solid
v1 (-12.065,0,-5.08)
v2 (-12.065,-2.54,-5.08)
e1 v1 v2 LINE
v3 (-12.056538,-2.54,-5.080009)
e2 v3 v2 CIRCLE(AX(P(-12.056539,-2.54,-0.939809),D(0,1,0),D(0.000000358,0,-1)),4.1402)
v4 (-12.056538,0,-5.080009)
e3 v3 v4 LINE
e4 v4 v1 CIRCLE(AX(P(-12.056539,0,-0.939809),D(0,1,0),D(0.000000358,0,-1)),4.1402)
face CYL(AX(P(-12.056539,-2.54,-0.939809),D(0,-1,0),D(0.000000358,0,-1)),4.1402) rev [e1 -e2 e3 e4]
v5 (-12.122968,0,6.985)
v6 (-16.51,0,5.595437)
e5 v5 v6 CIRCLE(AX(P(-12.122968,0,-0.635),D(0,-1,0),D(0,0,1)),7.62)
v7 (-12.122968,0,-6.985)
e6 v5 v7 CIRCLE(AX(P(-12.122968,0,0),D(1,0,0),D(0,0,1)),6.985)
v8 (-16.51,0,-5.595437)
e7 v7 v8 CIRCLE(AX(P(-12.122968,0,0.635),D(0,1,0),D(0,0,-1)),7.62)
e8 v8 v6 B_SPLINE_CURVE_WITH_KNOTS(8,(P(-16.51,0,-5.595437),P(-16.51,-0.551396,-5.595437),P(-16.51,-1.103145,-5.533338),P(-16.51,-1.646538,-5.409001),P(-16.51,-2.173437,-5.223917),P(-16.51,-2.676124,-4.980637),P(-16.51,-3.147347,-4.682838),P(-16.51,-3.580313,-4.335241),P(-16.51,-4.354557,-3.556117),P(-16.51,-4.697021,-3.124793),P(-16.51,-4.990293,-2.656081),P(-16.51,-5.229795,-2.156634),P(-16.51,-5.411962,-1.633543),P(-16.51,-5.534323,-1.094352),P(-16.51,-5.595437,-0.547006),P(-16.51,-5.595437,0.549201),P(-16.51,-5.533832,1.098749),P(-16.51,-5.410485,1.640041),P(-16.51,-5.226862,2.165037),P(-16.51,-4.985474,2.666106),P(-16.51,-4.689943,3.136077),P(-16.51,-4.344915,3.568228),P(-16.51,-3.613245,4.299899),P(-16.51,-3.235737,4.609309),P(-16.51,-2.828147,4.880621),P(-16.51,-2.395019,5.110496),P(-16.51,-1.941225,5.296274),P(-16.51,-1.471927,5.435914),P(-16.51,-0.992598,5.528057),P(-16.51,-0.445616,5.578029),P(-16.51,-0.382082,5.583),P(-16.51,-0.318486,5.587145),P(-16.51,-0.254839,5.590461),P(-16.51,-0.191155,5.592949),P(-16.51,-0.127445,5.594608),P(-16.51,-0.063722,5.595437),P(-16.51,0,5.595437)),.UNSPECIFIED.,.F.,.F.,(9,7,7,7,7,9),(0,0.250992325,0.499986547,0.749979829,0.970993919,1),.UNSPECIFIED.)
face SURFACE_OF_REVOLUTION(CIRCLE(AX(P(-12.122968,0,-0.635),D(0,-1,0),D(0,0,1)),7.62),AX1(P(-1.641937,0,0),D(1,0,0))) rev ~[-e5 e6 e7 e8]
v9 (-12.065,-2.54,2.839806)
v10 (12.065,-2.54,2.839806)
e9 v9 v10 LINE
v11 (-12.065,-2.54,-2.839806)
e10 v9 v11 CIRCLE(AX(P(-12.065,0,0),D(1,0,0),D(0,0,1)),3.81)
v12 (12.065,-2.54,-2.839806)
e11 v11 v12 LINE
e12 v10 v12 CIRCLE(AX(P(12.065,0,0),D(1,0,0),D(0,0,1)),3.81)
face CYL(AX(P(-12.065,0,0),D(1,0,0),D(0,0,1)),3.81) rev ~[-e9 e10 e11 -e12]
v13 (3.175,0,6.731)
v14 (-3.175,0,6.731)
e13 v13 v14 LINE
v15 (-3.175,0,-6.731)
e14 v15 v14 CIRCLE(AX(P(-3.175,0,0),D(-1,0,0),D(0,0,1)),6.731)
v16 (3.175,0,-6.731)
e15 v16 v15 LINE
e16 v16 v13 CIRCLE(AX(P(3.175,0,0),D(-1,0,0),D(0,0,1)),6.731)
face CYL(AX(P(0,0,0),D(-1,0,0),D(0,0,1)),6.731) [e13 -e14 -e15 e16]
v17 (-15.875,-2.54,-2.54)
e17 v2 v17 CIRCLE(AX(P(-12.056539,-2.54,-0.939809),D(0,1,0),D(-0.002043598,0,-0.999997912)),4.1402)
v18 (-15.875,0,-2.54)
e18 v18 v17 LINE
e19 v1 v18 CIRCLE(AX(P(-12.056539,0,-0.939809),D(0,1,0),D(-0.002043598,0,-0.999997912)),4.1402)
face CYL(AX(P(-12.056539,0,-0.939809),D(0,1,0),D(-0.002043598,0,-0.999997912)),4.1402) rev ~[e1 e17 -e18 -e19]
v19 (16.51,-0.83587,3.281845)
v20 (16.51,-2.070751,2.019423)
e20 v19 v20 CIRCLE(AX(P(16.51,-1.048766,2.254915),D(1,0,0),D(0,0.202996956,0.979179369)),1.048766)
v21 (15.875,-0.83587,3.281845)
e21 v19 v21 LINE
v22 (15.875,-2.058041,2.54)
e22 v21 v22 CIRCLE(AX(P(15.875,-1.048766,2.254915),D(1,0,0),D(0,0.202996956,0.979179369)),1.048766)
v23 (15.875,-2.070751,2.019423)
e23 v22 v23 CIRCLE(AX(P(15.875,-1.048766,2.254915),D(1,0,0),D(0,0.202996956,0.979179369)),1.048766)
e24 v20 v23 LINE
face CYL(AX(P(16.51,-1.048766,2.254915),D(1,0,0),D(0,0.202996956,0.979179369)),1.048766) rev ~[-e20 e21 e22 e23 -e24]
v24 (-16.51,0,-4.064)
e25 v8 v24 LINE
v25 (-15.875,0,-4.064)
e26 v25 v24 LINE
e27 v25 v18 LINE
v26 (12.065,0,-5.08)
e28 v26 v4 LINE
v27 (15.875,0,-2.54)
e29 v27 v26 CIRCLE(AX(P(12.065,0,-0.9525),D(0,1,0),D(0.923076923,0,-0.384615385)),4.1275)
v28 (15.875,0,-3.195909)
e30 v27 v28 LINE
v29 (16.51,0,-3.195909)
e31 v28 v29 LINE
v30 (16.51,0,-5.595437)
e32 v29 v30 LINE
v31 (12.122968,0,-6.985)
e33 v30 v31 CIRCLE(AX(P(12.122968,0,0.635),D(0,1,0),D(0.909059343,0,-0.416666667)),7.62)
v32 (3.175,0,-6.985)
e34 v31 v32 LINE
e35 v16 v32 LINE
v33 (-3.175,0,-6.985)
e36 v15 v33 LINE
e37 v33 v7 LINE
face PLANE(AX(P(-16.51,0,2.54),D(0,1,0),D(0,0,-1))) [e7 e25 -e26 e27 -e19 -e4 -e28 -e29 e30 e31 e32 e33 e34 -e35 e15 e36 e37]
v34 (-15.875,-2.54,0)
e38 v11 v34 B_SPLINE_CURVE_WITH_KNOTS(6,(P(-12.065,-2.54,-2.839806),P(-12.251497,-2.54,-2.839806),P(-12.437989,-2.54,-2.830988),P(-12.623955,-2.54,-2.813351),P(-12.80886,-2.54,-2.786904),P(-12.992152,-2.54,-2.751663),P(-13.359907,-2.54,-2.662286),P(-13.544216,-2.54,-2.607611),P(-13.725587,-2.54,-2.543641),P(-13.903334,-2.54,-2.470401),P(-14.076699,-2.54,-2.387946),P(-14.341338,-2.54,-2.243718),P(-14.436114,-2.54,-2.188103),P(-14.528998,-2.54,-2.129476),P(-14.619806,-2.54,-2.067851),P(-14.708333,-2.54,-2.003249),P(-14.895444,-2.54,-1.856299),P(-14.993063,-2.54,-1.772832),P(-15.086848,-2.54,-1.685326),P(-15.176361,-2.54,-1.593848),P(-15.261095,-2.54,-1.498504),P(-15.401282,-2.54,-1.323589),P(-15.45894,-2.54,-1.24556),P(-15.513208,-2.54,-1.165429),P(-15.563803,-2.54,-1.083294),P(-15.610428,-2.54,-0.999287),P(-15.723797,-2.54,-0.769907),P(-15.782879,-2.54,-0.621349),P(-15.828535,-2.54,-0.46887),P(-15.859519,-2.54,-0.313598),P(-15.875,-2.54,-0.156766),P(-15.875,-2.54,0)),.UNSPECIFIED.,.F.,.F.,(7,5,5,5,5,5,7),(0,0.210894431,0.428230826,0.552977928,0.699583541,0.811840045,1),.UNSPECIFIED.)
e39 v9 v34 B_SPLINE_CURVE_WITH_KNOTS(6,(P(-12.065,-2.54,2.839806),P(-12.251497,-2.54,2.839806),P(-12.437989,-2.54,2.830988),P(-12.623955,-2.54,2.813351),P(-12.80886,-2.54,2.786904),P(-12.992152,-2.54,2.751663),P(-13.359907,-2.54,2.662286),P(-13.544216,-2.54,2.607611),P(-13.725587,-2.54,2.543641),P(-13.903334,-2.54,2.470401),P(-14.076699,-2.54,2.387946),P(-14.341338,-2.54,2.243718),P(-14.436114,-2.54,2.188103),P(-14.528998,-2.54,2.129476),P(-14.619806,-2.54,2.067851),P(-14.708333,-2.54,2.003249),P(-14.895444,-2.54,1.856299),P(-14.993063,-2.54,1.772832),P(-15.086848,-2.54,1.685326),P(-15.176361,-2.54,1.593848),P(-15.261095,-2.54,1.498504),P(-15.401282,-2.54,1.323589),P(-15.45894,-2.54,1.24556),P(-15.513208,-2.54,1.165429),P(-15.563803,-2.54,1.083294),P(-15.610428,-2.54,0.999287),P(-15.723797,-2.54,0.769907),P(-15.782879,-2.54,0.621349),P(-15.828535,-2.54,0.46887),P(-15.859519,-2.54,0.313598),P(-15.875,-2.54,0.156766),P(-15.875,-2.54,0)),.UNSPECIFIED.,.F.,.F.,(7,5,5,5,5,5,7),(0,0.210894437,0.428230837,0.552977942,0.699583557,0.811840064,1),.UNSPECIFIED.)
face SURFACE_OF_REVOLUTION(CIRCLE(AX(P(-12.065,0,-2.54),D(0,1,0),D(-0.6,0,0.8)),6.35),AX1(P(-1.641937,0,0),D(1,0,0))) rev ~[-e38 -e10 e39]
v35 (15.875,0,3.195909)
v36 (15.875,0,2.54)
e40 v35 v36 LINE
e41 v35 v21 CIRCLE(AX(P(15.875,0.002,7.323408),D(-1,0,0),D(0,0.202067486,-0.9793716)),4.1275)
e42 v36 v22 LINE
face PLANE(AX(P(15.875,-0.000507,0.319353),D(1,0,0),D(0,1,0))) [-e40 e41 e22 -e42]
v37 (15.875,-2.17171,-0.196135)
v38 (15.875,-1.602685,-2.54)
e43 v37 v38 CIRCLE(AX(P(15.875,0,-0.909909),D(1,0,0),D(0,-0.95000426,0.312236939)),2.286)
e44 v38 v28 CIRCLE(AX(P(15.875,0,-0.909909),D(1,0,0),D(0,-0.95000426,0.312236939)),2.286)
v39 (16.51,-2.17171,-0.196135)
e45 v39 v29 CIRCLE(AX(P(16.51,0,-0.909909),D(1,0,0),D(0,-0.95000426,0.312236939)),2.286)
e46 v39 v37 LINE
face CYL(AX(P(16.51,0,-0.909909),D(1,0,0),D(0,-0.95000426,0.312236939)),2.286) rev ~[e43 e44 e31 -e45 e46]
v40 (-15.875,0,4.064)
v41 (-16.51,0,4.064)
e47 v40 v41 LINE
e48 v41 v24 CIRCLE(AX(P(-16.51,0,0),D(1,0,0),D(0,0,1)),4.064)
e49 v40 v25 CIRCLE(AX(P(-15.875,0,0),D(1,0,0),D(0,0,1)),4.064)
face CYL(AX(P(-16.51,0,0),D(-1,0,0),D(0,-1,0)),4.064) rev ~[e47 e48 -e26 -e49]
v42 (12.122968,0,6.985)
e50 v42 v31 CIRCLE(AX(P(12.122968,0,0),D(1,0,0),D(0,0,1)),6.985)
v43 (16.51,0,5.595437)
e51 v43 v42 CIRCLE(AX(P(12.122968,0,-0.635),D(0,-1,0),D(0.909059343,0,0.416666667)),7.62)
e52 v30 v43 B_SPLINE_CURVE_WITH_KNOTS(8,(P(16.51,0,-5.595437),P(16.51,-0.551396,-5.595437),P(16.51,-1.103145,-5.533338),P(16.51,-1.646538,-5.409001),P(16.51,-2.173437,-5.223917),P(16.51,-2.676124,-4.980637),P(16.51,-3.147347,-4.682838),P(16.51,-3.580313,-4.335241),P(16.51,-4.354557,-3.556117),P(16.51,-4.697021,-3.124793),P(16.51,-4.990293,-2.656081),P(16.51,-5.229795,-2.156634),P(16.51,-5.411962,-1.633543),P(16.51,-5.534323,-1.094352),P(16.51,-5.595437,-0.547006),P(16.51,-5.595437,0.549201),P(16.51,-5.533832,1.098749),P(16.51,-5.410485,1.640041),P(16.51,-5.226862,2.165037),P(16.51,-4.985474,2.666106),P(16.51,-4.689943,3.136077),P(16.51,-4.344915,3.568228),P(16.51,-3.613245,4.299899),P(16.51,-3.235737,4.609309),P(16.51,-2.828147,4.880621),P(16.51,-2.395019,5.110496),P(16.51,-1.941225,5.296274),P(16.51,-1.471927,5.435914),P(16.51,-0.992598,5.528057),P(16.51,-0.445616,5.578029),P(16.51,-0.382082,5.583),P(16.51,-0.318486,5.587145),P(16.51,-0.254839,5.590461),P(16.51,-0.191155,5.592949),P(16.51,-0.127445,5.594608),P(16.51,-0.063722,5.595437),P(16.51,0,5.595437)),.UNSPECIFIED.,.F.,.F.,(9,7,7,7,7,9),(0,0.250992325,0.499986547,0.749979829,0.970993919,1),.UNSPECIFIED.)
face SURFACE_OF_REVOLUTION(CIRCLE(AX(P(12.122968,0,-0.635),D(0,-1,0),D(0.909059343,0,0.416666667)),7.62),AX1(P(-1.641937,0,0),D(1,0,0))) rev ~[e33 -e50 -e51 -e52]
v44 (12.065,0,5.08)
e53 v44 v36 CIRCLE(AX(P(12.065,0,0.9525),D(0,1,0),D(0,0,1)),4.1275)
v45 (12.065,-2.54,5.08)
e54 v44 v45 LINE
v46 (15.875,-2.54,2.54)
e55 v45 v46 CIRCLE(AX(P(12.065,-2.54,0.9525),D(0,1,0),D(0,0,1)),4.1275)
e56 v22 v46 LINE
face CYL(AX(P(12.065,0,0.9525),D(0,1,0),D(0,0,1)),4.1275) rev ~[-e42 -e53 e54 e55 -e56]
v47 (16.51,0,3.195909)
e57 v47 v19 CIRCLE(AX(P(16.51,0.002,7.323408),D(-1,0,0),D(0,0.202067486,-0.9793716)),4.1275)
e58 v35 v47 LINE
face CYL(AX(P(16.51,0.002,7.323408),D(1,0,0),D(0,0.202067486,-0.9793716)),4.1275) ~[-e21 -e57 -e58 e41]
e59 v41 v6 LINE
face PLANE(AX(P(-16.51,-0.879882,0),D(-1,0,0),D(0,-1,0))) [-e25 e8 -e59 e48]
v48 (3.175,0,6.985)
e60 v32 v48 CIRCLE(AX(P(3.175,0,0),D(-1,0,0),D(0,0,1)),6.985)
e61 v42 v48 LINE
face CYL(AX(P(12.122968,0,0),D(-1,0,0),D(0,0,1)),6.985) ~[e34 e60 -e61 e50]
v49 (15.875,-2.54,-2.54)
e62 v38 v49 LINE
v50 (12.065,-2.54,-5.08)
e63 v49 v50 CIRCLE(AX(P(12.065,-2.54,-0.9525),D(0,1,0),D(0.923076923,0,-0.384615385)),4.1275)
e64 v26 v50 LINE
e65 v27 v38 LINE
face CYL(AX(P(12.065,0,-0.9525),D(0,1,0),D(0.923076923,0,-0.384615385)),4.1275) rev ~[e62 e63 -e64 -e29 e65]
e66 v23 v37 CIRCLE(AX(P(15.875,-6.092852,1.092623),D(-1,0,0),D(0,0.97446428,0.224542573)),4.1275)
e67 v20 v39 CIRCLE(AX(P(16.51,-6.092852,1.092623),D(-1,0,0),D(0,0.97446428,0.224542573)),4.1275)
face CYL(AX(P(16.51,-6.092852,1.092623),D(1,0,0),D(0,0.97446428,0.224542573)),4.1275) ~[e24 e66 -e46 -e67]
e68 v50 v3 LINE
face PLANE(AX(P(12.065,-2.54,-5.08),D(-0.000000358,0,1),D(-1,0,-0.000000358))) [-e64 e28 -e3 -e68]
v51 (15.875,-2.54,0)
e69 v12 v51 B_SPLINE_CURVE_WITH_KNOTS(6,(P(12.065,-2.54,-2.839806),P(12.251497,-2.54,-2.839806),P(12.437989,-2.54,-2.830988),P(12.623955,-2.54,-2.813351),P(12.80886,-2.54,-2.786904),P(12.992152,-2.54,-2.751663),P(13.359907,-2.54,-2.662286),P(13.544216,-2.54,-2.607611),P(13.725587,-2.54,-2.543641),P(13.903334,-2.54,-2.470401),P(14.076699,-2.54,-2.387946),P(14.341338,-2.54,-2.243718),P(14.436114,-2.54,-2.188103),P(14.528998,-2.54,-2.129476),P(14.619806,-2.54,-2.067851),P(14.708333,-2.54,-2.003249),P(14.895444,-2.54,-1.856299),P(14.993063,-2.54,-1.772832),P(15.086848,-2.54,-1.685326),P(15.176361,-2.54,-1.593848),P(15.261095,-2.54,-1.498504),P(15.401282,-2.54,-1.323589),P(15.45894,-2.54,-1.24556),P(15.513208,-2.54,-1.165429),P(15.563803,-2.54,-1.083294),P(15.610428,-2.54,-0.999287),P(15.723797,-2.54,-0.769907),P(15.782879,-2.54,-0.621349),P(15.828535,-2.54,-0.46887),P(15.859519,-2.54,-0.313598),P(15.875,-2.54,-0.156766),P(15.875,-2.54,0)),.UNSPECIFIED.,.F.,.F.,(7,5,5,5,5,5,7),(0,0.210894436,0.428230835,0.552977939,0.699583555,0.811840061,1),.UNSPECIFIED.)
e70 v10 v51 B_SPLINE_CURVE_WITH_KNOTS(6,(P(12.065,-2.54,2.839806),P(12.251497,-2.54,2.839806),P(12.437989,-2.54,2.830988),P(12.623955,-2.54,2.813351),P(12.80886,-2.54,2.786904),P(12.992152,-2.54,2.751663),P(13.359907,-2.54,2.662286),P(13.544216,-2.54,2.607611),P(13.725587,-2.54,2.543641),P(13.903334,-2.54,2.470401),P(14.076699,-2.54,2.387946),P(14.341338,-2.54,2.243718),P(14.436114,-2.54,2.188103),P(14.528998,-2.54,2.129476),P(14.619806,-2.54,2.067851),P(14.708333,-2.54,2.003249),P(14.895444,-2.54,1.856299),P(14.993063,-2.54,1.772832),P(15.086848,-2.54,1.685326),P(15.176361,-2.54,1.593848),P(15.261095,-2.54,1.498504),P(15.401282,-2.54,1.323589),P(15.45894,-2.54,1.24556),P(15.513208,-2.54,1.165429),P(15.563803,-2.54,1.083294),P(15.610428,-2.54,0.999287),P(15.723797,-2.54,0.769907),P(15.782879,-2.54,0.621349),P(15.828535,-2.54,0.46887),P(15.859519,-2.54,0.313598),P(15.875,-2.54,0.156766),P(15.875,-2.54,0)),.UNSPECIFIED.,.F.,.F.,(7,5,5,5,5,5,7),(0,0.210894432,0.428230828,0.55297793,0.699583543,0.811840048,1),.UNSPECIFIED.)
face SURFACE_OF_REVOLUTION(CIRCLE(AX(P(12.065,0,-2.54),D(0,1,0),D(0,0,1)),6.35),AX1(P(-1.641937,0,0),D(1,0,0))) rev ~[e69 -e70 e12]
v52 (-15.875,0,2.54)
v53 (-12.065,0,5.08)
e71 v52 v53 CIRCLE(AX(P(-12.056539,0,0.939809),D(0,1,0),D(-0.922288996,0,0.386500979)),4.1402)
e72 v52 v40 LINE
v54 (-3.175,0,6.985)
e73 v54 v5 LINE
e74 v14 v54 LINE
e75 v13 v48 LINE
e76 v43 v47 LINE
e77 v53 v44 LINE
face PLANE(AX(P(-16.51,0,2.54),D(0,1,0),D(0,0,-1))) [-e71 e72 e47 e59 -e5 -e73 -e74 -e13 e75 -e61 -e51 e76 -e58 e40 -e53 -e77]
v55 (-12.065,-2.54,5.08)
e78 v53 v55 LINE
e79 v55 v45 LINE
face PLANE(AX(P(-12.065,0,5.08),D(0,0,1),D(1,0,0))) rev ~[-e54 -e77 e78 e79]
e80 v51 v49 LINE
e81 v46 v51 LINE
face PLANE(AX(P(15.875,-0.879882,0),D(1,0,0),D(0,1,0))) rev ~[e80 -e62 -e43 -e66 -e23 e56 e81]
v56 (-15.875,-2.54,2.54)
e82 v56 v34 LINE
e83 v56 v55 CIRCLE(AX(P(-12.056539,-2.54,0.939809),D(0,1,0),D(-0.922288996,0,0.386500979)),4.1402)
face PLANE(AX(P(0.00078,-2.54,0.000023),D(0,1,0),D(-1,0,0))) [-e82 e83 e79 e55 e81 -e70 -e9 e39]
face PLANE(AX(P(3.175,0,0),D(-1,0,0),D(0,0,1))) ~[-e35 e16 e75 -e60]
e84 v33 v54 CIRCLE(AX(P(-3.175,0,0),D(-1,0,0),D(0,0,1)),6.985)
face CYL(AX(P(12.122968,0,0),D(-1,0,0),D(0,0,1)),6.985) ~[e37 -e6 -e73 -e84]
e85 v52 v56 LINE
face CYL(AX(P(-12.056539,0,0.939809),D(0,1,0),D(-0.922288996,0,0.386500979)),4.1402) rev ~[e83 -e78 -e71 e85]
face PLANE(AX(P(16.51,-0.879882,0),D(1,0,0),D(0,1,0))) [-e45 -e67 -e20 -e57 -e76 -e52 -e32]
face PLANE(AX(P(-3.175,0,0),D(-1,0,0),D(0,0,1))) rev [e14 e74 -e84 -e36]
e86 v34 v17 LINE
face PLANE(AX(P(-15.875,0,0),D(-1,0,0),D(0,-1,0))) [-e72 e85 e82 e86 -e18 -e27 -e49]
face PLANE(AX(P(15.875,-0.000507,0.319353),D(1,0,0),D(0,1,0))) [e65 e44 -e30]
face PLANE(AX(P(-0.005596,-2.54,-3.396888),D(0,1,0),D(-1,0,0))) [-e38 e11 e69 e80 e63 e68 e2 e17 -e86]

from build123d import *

# Parameters (mm, degrees)
F2_ANGLE  = 180
F4_DEPTH  = 2.54
F6_W      = 6.35
F6_H      = 0.508
F9_DEPTH  = 2.54
F10_W     = 2.54
F10_H     = 11.1908745342
F11_DEPTH = 25.4
F13_DEPTH = 0.635
F15_DEPTH = 0.635
F17_DEPTH = 0.635
F18_R     = 4.064
F19_DEPTH = 0.635
F21_DEPTH = 2.54


with BuildPart() as f2:
    # F0 (on Front) → F2 (revolve)
    with BuildSketch(Plane.XZ):
        with BuildLine():
            ThreePointArc((19.05, 2.54), (16.2382381507, 5.7781856359), (12.1229678072, 6.985))
            Line((12.1229678072, 6.985), (-12.1229678072, 6.985))
            ThreePointArc((-12.1229678072, 6.985), (-16.2382381507, 5.7781856359), (-19.05, 2.54))
            Line((-19.05, 2.54), (-15.875, 2.54))
            ThreePointArc((-15.875, 2.54), (-14.0730463142, 3.4841389426), (-12.065, 3.81))
            Line((-12.065, 3.81), (12.065, 3.81))
            ThreePointArc((12.065, 3.81), (14.0730463142, 3.4841389426), (15.875, 2.54))
            Line((15.875, 2.54), (19.05, 2.54))
        make_face()
    revolve(axis=Axis((-1.6419366002, 0, 0), (1, 0, 0)), revolution_arc=F2_ANGLE)

    # F3 (on face) → F4 (cut)
    with BuildSketch(Plane(origin=(0, 0, 0), x_dir=(-1, 0, 0), z_dir=(0, 1, 0))):
        with BuildLine():
            ThreePointArc((15.875, -2.54), (14.0730463142, -3.4841389426), (12.065, -3.81))
            Line((12.065, -3.81), (-12.065, -3.81))
            ThreePointArc((-12.065, -3.81), (-14.0730463142, -3.4841389426), (-15.875, -2.54))
            ThreePointArc((-15.875, -2.54), (-14.3545250599, -4.3867875899), (-12.065, -5.08))
            Line((-12.065, -5.08), (12.065, -5.08))
            ThreePointArc((12.065, -5.08), (14.3531088493, -4.384663274), (15.875, -2.54))
        make_face()
        with BuildLine():
            ThreePointArc((15.875, 2.54), (14.3531088493, 4.384663274), (12.065, 5.08))
            Line((12.065, 5.08), (-12.065, 5.08))
            ThreePointArc((-12.065, 5.08), (-14.3545250599, 4.3867875899), (-15.875, 2.54))
            ThreePointArc((-15.875, 2.54), (-14.0730463142, 3.4841389426), (-12.065, 3.81))
            Line((-12.065, 3.81), (12.065, 3.81))
            ThreePointArc((12.065, 3.81), (14.0730463142, 3.4841389426), (15.875, 2.54))
        make_face()
    extrude(amount=-F4_DEPTH, mode=Mode.SUBTRACT)

    # F6 (on face) → F7 (revolve, cut)
    with BuildSketch(Plane(origin=(0, 0, 0), x_dir=(-1, 0, 0), z_dir=(0, 1, 0))):
        with Locations((0, 6.985)):
            Rectangle(F6_W, F6_H)
    revolve(axis=Axis((-0.6197560579, 0, 0), (-1, 0, 0)), mode=Mode.SUBTRACT)

    # F8 (on face) → F9 (cut)
    with BuildSketch(Plane(origin=(0, -2.54, 0), x_dir=(-1, 0, 0), z_dir=(0, 1, 0))):
        with BuildLine():
            Line((12.065, -3.302), (-12.065, -3.302))
            ThreePointArc((-12.065, -3.302), (-14.0964974368, -2.8562435921), (-15.875, -1.778))
            Line((-15.875, -1.778), (-15.875, -2.54))
            ThreePointArc((-15.875, -2.54), (-14.0730463142, -3.4841389426), (-12.065, -3.81))
            Line((-12.065, -3.81), (12.065, -3.81))
            ThreePointArc((12.065, -3.81), (14.0730463142, -3.4841389426), (15.875, -2.54))
            Line((15.875, -2.54), (15.875, -1.778))
            ThreePointArc((15.875, -1.778), (14.1167477915, -2.9068694788), (12.065, -3.302))
        make_face()
        with BuildLine():
            ThreePointArc((15.875, 2.54), (14.0730463142, 3.4841389426), (12.065, 3.81))
            Line((12.065, 3.81), (-12.065, 3.81))
            ThreePointArc((-12.065, 3.81), (-14.0730463142, 3.4841389426), (-15.875, 2.54))
            Line((-15.875, 2.54), (-15.875, 1.778))
            ThreePointArc((-15.875, 1.778), (-14.0964974368, 2.8562435921), (-12.065, 3.302))
            Line((-12.065, 3.302), (12.065, 3.302))
            ThreePointArc((12.065, 3.302), (14.1167477915, 2.9068694788), (15.875, 1.778))
            Line((15.875, 1.778), (15.875, 2.54))
        make_face()
    extrude(amount=F9_DEPTH, mode=Mode.SUBTRACT)

    # F10 (on face) → F11 (cut)
    with BuildSketch(Plane(origin=(0, 0, 0), x_dir=(-1, 0, 0), z_dir=(0, 1, 0))):
        with Locations((-17.78, 0)):
            Rectangle(F10_W, F10_H)
        with Locations((17.78, 0)):
            Rectangle(F10_W, F10_H)
    extrude(amount=-F11_DEPTH, mode=Mode.SUBTRACT)

    # F12 (on face) → F13 (join, through all)
    with BuildSketch(Plane.YZ.offset(16.51)):
        with BuildLine():
            Line((0, -2.54), (0, 2.54))
            ThreePointArc((0, 2.54), (-2.54, 0), (0, -2.54))
        make_face()
    extrude(amount=-F13_DEPTH)

    # F14 (on face) → F15 (cut, through all)
    with BuildSketch(Plane.YZ.offset(16.51)):
        with BuildLine():
            ThreePointArc((-2.0707510052, 2.0194225538), (-1.9696309355, 0.9047357394), (-2.1717097382, -0.1961348798))
            ThreePointArc((-2.1717097382, -0.1961348798), (0.0006908158, -3.195908418), (2.1712779452, -0.1948224543))
            ThreePointArc((2.1712779452, -0.1948224543), (1.9685414869, 0.9057599903), (2.0689058267, 2.0203499545))
            ThreePointArc((2.0689058267, 2.0203499545), (1.7968430427, 2.9874721132), (0.8360337914, 3.2810517634))
            ThreePointArc((0.8360337914, 3.2810517634), (4.14538e-05, 3.1959085075), (-0.8358696943, 3.281845199))
            ThreePointArc((-0.8358696943, 3.281845199), (-1.7984885251, 2.9882815567), (-2.0707510052, 2.0194225538))
        make_face()
    extrude(amount=-F15_DEPTH, mode=Mode.SUBTRACT)

    # F16 (on face) → F17 (join, through all)
    with BuildSketch(Plane(origin=(-16.51, 0, 0), x_dir=(0, -1, 0), z_dir=(-1, 0, 0))):
        with BuildLine():
            Line((0, 2.54), (0, -2.54))
            ThreePointArc((0, -2.54), (2.54, 0), (0, 2.54))
        make_face()
    extrude(amount=-F17_DEPTH)

    # F18 (on face) → F19 (cut, through all)
    with BuildSketch(Plane(origin=(-16.51, 0, 0), x_dir=(0, -1, 0), z_dir=(-1, 0, 0))):
        Circle(F18_R)
    extrude(amount=-F19_DEPTH, mode=Mode.SUBTRACT)

    # F20 (on face) → F21 (cut, through all)
    with BuildSketch(Plane(origin=(0, -2.54, 0), x_dir=(-1, 0, 0), z_dir=(0, 1, 0))):
        with BuildLine():
            Line((12.0565390969, 5.08), (-12.065, 5.08))
            ThreePointArc((-12.065, 5.08), (-14.3545250599, 4.3867875899), (-15.875, 2.54))
            Line((-15.875, 2.54), (-15.875, -2.54))
            ThreePointArc((-15.875, -2.54), (-14.3545250599, -4.3867875899), (-12.065, -5.08))
            Line((-12.065, -5.08), (12.056537613, -5.0800086453))
            ThreePointArc((12.056537613, -5.0800086453), (14.3495870824, -4.3870085201), (15.875, -2.54))
            Line((15.875, -2.54), (15.875, 2.54))
            ThreePointArc((15.875, 2.54), (14.3531088493, 4.384663274), (12.065, 5.08))
            Line((12.065, 5.08), (12.0565390969, 5.08))
        make_face()
    extrude(amount=F21_DEPTH, mode=Mode.SUBTRACT)


solid = f2.part
